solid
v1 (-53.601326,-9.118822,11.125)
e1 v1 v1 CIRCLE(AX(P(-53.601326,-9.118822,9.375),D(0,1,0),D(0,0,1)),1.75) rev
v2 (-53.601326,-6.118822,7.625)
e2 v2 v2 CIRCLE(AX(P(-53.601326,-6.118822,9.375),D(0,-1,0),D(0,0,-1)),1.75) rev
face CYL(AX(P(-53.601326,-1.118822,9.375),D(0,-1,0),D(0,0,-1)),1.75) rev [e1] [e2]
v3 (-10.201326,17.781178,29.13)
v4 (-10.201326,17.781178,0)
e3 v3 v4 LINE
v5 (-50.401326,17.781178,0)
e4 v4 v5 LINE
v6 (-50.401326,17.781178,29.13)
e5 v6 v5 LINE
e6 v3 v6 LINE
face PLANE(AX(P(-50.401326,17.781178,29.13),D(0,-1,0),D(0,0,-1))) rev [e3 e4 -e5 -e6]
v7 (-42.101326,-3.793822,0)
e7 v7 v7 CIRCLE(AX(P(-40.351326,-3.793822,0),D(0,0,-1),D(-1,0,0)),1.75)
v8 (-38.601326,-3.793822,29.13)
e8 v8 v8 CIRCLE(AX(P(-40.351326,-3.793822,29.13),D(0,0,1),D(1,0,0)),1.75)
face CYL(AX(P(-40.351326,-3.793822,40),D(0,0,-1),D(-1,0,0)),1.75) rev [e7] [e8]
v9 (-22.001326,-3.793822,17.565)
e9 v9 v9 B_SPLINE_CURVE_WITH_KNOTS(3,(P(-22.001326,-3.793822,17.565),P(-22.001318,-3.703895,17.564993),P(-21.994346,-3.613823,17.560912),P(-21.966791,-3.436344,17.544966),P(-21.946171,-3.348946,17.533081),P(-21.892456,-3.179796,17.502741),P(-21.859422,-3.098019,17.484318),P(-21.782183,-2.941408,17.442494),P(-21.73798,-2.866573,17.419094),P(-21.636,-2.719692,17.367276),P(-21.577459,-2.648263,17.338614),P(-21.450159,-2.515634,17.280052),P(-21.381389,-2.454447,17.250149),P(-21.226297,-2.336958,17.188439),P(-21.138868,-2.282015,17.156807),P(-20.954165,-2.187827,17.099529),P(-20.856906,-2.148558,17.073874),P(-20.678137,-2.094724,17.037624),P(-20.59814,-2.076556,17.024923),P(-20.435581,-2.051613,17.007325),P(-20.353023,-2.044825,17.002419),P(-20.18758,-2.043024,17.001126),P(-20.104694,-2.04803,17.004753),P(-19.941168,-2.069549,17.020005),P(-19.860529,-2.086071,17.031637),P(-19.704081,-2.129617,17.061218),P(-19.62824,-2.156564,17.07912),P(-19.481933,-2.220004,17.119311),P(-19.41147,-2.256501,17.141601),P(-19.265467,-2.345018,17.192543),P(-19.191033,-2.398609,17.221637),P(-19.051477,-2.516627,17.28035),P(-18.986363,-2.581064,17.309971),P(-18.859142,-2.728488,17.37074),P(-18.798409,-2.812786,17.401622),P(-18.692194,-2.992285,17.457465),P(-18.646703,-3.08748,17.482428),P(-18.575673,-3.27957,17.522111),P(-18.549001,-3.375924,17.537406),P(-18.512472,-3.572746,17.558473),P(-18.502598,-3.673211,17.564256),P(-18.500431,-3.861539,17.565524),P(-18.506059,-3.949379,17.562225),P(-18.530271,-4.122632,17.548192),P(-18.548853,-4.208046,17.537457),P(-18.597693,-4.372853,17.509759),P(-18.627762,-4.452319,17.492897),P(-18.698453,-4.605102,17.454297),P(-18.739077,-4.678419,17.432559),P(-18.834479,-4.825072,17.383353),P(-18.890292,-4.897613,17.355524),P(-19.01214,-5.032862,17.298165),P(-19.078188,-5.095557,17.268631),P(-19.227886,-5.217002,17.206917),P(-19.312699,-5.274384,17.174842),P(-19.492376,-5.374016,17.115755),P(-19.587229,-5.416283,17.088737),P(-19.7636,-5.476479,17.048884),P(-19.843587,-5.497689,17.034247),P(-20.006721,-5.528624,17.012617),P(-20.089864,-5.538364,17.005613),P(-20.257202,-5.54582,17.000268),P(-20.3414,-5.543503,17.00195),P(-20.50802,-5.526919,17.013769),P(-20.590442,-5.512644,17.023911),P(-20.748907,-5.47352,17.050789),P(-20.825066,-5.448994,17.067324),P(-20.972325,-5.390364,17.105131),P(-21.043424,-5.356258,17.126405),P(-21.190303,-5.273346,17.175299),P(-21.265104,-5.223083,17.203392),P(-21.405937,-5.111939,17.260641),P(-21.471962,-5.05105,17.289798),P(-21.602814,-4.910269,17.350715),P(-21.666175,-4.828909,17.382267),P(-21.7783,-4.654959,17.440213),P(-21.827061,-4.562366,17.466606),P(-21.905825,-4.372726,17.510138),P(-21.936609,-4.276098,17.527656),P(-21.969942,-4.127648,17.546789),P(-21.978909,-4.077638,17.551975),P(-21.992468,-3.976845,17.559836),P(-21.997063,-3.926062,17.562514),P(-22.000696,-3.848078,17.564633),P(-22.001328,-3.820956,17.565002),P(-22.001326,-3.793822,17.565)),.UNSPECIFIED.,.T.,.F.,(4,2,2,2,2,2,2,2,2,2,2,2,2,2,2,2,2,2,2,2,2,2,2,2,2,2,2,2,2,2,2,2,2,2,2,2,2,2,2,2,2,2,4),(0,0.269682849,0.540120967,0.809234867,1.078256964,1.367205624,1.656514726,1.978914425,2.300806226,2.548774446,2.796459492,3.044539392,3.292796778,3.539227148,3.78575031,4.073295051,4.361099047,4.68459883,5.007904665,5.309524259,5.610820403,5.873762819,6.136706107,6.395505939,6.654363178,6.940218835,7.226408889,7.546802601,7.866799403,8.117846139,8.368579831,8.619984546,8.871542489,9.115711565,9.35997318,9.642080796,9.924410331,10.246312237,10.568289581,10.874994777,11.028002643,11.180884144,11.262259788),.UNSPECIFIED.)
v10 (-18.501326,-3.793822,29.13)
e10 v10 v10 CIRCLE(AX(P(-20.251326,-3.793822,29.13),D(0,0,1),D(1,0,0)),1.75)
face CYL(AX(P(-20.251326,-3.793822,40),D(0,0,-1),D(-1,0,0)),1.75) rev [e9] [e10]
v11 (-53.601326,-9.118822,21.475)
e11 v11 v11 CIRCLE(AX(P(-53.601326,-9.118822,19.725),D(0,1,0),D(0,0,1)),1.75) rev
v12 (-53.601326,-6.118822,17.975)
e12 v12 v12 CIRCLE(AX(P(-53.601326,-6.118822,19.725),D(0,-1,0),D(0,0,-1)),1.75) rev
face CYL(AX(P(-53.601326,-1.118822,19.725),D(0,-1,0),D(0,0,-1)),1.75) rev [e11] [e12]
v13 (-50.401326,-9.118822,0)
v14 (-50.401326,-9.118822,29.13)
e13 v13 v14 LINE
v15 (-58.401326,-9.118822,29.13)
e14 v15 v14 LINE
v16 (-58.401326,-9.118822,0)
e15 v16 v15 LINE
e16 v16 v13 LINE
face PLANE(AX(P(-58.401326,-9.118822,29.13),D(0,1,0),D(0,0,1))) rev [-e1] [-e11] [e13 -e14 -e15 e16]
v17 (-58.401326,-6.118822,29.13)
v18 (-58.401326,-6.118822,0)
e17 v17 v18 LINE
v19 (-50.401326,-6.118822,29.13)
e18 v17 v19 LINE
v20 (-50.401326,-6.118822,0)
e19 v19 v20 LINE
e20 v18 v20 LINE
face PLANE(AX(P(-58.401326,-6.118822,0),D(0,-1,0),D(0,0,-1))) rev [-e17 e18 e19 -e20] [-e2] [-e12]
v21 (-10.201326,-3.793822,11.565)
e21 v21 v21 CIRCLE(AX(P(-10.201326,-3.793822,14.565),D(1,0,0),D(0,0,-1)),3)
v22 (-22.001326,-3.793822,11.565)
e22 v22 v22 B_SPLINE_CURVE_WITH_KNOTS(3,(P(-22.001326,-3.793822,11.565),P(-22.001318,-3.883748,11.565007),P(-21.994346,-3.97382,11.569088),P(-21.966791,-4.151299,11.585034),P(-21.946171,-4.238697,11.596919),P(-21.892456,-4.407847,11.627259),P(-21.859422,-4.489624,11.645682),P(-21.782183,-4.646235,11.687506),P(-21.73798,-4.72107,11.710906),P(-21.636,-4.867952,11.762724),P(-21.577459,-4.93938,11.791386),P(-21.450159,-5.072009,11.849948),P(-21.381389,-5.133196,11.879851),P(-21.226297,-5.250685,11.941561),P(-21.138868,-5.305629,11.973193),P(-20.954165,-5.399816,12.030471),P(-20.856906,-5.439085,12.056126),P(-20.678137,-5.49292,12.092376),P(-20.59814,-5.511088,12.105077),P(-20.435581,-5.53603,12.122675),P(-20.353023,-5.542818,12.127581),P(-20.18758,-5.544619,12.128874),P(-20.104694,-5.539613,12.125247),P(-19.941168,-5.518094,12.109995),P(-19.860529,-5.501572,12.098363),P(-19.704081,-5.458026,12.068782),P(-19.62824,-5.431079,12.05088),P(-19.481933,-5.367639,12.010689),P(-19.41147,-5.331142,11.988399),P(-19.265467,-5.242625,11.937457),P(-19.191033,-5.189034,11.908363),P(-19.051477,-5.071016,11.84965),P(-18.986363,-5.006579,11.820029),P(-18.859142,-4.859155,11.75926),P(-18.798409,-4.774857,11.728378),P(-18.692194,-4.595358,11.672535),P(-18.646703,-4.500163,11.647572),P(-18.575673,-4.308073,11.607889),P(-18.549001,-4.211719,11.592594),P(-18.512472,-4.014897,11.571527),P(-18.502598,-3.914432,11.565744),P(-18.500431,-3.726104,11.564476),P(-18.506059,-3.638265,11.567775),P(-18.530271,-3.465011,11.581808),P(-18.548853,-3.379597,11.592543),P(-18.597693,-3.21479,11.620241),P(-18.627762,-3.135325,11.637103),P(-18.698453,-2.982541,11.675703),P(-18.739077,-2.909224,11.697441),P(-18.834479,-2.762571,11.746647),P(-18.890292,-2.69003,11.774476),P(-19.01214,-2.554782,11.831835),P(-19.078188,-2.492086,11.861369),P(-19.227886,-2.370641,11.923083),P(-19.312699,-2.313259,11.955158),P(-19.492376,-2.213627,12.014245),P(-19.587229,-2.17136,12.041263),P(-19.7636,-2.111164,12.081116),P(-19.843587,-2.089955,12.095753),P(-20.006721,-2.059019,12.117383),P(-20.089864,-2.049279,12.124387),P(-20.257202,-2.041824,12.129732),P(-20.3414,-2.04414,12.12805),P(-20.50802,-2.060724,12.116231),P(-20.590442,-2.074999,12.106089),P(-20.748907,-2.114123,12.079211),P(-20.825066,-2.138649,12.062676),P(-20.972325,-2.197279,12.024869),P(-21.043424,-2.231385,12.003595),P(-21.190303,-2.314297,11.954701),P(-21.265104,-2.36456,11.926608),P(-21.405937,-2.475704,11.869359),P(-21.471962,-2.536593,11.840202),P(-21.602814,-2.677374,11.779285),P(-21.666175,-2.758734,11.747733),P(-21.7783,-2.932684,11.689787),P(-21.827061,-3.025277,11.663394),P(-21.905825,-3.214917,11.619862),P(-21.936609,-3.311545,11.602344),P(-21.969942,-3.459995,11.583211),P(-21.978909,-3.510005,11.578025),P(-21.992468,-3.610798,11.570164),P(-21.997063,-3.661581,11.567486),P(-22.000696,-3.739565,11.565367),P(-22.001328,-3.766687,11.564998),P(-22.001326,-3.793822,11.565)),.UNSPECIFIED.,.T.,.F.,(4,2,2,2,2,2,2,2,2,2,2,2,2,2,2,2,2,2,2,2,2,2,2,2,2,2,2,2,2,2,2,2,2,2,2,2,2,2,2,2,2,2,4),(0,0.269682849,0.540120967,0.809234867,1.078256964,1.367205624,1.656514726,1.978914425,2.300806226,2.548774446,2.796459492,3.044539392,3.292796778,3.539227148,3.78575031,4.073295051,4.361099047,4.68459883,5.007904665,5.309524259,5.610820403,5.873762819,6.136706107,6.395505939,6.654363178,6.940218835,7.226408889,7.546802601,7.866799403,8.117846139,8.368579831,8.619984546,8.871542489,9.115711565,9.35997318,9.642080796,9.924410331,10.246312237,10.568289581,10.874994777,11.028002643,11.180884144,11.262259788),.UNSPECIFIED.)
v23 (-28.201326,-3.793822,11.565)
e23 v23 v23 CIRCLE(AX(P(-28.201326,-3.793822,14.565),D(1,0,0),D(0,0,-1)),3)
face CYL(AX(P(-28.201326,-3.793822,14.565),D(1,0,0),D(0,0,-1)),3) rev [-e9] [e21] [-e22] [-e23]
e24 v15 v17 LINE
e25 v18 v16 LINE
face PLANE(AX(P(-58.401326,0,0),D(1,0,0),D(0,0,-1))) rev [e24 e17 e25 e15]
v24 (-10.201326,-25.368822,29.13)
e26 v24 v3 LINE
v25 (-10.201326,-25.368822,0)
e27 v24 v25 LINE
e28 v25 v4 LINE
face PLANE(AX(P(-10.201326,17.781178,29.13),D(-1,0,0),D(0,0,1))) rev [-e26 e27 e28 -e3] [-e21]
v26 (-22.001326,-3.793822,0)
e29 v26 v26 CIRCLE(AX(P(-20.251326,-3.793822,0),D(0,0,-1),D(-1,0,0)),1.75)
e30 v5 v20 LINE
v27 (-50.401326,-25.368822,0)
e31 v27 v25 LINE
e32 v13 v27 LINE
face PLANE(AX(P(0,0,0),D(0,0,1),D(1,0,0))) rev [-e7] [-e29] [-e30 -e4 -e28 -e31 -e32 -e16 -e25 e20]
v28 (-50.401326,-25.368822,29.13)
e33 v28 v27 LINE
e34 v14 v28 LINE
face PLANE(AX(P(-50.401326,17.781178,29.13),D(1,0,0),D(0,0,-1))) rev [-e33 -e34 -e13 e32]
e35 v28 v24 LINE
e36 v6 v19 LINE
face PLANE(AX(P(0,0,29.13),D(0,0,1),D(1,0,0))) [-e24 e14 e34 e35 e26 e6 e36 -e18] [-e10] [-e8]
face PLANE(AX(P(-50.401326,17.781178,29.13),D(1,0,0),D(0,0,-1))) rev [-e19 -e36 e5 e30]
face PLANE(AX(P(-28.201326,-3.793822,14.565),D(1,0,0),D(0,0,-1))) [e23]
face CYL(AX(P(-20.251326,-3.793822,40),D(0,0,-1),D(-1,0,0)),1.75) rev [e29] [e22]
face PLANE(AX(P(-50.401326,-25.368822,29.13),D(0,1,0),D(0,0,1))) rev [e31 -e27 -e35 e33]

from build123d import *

# Parameters (mm, degrees)
SKETCH2_W               = 40.2
SKETCH2_H               = 43.15
BOSS_EXTRUDE1_DEPTH     = 29.13
SKETCH3_W               = 29.13
SKETCH3_H               = 3
BOSS_EXTRUDE2_DEPTH     = 8
CUT_EXTRUDE1_DEPTH      = 8
CUT_EXTRUDE1_DEPTH_BACK = 8
SKETCH4_R               = 1.75
SKETCH5_R               = 1.75
CUT_EXTRUDE2_DEPTH      = 40
SKETCH6_R               = 3
CUT_EXTRUDE3_DEPTH      = 18


with BuildPart() as part:
    # Sketch2 → Boss-Extrude1 (new body)
    with BuildSketch(Plane.XY):
        with Locations((-30.301325873, -3.793821583)):
            Rectangle(SKETCH2_W, SKETCH2_H)
    extrude(amount=BOSS_EXTRUDE1_DEPTH)

    # Sketch3 → Boss-Extrude2 (add)
    with BuildSketch(Plane.ZY.offset(50.401325873)):
        with Locations((14.565, -7.618821583)):
            Rectangle(SKETCH3_W, SKETCH3_H)
    extrude(amount=BOSS_EXTRUDE2_DEPTH)

    # Sketch4 → Cut-Extrude1 (cut, two sides: drawn at the far end of the back side and taken through both)
    with BuildSketch(Plane(origin=(0, -9.118821583, 0), x_dir=(1, 0, 0), z_dir=(0, 1, 0)).offset(-CUT_EXTRUDE1_DEPTH_BACK)):
        with Locations(Location((-53.601325886, -9.375, 0), (0, 0, 90))):
            Circle(SKETCH4_R)
        with Locations(Location((-53.601325886, -19.725, 0), (0, 0, 90))):
            Circle(SKETCH4_R)
    extrude(amount=CUT_EXTRUDE1_DEPTH + CUT_EXTRUDE1_DEPTH_BACK, mode=Mode.SUBTRACT)

    # Sketch5 → Cut-Extrude2 (cut)
    with BuildSketch(Plane(origin=(0, 0, 0), x_dir=(-1, 0, 0), z_dir=(0, 0, -1))):
        with Locations((40.351325873, -3.793821583)):
            Circle(SKETCH5_R)
        with Locations((20.251325873, -3.793821583)):
            Circle(SKETCH5_R)
    extrude(amount=-CUT_EXTRUDE2_DEPTH, mode=Mode.SUBTRACT)

    # Sketch6 → Cut-Extrude3 (cut)
    with BuildSketch(Plane(origin=(-10.201325873, 0, 0), x_dir=(0, 0, -1), z_dir=(1, 0, 0))):
        with Locations((-14.565, -3.793821583)):
            Circle(SKETCH6_R)
    extrude(amount=-CUT_EXTRUDE3_DEPTH, mode=Mode.SUBTRACT)


solid = part.part
